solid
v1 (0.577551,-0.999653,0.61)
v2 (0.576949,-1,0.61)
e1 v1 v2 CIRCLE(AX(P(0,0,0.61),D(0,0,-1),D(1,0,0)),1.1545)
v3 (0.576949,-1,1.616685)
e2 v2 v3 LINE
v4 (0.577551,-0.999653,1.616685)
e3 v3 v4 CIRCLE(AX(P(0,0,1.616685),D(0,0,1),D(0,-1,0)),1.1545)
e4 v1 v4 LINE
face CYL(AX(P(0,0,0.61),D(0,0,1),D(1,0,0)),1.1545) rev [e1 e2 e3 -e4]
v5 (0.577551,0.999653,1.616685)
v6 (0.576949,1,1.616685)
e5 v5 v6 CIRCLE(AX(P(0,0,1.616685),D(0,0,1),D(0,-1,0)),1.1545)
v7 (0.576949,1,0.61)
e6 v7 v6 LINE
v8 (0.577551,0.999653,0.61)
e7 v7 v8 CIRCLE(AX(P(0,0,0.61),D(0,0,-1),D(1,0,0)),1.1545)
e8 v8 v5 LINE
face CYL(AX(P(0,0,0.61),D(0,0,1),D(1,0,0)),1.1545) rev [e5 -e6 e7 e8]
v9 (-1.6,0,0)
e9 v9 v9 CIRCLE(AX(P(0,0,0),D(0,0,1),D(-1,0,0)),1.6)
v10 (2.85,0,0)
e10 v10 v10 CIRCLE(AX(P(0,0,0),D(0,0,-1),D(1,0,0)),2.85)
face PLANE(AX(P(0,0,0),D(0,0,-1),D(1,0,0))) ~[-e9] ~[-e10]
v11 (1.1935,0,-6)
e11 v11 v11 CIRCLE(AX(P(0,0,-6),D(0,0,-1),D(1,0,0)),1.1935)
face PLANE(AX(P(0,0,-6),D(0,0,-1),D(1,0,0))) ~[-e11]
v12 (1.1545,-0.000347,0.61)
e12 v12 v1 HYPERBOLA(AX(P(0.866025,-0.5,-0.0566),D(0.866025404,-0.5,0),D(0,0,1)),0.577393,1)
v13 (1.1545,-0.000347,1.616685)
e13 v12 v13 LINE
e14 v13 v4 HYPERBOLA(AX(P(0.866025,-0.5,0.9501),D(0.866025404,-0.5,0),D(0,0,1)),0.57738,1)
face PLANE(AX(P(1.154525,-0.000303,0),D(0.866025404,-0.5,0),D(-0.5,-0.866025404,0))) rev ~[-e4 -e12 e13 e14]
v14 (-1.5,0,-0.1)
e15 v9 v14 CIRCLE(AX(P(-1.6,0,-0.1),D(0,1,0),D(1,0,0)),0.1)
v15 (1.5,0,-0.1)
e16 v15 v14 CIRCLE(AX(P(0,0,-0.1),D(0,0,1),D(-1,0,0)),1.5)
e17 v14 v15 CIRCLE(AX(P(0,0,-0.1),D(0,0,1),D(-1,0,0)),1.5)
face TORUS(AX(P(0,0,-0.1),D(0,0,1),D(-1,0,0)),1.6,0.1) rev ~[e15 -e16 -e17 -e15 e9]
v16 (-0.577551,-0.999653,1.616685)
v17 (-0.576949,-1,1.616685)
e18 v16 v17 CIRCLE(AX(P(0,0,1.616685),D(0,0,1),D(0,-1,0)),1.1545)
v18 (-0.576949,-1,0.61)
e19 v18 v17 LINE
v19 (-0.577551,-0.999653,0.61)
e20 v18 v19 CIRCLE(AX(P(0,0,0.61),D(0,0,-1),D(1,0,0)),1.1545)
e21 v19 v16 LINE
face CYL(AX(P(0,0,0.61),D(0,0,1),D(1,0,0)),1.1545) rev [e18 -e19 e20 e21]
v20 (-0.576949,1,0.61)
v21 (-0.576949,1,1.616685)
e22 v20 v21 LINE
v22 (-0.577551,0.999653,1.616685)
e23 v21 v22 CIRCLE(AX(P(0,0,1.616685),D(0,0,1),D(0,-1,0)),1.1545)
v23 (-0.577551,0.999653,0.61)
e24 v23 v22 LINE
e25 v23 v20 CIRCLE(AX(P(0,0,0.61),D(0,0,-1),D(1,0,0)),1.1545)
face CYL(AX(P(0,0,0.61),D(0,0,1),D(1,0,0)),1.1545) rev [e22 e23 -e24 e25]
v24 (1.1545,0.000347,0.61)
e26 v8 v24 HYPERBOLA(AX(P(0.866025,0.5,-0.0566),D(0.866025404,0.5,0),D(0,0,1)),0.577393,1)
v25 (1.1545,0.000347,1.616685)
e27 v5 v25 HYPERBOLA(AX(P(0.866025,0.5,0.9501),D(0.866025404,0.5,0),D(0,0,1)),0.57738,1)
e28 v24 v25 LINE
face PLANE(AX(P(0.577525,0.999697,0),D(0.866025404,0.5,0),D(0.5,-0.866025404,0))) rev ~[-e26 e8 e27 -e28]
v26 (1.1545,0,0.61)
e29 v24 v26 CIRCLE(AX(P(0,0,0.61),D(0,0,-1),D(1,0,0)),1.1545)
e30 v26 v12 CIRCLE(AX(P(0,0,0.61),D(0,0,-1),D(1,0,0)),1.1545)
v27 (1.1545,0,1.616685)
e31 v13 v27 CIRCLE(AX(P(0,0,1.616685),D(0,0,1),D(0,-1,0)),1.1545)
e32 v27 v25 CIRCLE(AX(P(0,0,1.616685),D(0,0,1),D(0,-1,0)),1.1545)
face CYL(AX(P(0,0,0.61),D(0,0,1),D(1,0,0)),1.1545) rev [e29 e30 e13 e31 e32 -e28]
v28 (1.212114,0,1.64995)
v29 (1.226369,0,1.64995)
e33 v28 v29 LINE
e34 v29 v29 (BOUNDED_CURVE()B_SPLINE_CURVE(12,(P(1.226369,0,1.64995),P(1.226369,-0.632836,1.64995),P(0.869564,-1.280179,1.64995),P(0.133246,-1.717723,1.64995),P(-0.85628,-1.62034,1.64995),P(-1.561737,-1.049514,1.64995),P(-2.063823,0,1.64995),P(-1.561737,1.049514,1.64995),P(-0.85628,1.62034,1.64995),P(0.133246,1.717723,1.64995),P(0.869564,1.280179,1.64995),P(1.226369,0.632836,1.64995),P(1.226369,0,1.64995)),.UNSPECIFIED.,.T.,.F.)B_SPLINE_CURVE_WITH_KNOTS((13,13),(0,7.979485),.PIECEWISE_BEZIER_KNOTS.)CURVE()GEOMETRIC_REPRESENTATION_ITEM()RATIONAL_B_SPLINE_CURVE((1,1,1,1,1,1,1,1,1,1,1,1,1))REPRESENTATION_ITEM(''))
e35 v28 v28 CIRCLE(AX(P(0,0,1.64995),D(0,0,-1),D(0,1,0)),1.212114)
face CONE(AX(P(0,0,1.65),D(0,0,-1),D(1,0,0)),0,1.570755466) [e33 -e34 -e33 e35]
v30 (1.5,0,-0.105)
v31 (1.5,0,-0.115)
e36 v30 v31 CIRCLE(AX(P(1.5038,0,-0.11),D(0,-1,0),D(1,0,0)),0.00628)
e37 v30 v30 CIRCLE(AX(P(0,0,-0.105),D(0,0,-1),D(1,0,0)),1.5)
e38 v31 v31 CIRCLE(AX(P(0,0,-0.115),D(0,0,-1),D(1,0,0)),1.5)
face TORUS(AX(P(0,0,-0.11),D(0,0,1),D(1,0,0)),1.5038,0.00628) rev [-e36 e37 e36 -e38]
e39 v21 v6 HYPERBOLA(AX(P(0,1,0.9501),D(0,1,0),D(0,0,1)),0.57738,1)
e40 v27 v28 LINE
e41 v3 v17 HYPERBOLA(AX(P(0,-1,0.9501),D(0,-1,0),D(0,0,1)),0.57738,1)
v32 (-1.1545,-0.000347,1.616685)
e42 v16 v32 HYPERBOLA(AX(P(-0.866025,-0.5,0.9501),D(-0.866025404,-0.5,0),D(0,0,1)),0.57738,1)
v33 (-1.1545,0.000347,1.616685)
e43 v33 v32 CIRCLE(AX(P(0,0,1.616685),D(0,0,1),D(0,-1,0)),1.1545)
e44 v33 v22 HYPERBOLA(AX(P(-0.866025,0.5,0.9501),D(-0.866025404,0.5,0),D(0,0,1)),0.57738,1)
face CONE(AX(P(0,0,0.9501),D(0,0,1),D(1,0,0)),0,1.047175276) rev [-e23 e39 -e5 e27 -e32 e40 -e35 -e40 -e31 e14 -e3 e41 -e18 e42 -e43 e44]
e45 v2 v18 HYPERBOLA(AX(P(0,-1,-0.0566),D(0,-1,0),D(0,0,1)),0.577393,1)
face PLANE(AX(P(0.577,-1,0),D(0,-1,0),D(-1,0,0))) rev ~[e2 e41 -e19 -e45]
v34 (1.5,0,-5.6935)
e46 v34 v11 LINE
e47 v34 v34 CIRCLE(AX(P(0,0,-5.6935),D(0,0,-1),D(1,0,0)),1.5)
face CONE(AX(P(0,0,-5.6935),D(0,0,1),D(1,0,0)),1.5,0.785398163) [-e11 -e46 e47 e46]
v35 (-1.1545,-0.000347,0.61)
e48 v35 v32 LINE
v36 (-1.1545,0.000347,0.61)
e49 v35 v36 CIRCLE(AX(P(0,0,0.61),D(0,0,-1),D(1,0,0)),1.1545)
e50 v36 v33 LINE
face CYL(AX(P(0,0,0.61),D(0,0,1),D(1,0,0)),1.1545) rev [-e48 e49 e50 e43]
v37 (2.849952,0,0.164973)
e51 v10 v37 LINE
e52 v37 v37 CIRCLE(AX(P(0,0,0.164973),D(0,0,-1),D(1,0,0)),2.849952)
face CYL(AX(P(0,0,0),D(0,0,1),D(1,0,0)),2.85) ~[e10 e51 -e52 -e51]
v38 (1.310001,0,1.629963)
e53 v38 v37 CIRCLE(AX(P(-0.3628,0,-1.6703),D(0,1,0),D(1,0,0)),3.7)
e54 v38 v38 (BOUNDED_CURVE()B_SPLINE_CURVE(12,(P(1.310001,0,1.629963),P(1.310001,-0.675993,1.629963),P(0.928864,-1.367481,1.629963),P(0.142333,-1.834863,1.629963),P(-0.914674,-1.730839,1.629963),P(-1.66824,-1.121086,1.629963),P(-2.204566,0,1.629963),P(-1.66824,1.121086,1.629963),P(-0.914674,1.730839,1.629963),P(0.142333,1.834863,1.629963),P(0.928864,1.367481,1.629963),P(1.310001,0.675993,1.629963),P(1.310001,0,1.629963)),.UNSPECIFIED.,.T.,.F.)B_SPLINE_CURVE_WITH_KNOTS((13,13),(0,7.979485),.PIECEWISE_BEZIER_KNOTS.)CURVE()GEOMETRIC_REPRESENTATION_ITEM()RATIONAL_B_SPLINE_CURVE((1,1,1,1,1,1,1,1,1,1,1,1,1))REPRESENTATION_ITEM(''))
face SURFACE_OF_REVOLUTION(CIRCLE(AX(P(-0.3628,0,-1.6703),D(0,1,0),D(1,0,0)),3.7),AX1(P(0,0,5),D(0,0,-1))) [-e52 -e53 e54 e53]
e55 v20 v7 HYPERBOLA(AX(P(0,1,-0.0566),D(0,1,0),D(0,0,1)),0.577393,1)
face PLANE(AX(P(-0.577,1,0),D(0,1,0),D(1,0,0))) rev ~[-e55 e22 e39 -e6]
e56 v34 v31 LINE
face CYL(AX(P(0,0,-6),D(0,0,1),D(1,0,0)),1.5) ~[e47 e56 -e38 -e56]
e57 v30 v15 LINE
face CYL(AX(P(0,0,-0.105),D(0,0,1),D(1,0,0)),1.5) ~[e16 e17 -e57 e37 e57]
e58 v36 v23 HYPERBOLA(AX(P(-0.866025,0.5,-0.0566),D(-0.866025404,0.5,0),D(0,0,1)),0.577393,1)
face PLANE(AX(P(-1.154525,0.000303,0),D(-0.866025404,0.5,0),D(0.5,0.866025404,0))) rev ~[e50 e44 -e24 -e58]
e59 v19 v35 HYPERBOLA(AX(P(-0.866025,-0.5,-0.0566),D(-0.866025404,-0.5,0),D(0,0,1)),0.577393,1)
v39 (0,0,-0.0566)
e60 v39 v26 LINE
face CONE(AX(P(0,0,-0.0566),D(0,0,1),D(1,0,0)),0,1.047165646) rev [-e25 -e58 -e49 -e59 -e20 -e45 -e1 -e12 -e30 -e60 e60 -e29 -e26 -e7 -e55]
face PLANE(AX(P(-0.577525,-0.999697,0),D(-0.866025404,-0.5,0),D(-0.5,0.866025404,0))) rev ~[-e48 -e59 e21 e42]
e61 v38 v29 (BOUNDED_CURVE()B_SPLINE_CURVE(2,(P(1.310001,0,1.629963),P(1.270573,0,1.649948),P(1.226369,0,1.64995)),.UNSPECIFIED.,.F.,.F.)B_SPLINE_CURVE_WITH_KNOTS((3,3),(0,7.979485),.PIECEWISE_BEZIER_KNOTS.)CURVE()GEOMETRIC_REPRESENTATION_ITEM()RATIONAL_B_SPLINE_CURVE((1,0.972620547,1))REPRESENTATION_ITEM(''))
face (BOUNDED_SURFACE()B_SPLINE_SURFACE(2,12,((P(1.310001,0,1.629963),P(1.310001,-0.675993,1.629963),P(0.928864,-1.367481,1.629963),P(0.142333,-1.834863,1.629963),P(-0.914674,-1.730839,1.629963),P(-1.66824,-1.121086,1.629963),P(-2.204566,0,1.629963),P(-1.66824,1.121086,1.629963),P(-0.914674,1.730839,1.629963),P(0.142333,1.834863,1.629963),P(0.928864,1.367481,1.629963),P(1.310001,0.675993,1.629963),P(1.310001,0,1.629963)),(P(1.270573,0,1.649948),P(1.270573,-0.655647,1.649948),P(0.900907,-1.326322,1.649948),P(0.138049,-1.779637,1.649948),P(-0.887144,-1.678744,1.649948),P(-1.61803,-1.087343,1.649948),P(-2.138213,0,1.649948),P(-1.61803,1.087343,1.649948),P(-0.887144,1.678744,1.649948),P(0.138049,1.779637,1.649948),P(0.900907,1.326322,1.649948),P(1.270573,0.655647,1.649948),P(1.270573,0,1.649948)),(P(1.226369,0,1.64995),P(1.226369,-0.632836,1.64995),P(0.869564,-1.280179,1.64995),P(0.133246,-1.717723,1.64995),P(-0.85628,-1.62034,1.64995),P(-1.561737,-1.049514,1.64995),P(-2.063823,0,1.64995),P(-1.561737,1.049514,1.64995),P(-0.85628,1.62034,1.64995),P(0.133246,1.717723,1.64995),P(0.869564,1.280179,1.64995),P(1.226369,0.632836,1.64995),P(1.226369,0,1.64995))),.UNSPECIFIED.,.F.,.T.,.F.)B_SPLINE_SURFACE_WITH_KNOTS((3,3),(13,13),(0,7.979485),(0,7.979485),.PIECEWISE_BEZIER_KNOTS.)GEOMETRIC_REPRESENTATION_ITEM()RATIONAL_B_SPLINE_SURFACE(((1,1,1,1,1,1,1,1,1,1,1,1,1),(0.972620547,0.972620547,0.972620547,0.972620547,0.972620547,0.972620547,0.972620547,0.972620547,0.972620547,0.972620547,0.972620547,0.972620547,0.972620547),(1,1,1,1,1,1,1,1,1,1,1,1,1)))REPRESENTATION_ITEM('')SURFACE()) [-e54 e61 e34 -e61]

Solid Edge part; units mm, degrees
sketch "Sketch1" plane through (0, 0, 0) normal (0, -1, 0) x (1, 0, 0)
  line L0 (0, -6) -> (1.5, -6)
  line L1 (1.5, -6) -> (1.5, -0.115)
  arc A0 (1.5, -0.105) -> (1.5, -0.115) centre (1.5038, -0.11) ccw
  line L2 (1.5, -0.105) -> (1.5, 0)
  line L3 (1.5, 0) -> (2.85, 0)
  line L4 (2.85, 0) -> (2.85, 0.165)
  arc A1 (1.27, 1.65) -> (2.85, 0.165) centre (-0.3628, -1.6703) cw
  line L5 (0, 1.65) -> (1.27, 1.65)
  dimension "D1" = 5.885
  dimension "D2" = 1.5
  dimension "D3" = 1.27
  dimension "D4" = 2.85
  dimension "D5" = 0.165
  dimension "D6" = 1.65
  dimension "D7" = 3.7
  dimension "D8" = 6
  dimension "D9" = 0.01
  dimension "D10" = 0.0025
revolve "RevolvedProtrusion1" add sketch "Sketch1" angle 360 about axis through (0, 0, 5) along (0, 0, -1)
sketch "Sketch2" plane through (0, 0, 0) normal (0, -1, 0) x (1, 0, 0)
  line L0 (0, -0.0566) -> (1.1545, 0.61)
  line L1 (1.1545, 0.61) -> (1.1545, 1.65)
  line L2 (1.1545, 1.65) -> (0, 1.65)
  dimension "D1" = 1.1545
  dimension "D2" = 1.04
revolve "RevolvedCutout1" cut sketch "Sketch2" angle 360 about axis through (0, 0, 5.3) along (0, 0, -1)
sketch "Sketch3" plane through (0, 0, 0) normal (0, 0, -1) x (0, 1, 0)
  arc A0 (-1, 0.577) -> (-1, -0.577) centre (0, 0) ccw
  line L0 (-1, 0.577) -> (-1, -0.577)
  dimension "D1" = 1
extrude "Protrusion1" add sketch "Sketch3" against normal blind 1.65
pattern_circular "Pattern1" count 6 over 360 about axis through (0, 0, 0) along (0, 0, -1) of "Protrusion1"
fillet "Round_1" radius 0.185 1 edges at (-1.27, 0, 1.65)
sketch "Sketch4" plane through (0, 0, 0) normal (0, -1, 0) x (1, 0, 0)
  line L0 (0, 0.9501) -> (1.2122, 1.65)
  line L1 (1.2122, 1.65) -> (0, 1.65)
  dimension "D1" = 1.2122
revolve "RevolvedCutout2" cut sketch "Sketch4" angle 360 about axis through (0, 0, 5.3) along (0, 0, -1)
sketch "Sketch5" plane through (0, 0, 0) normal (0, -1, 0) x (1, 0, 0)
  line L0 (-1.5, 0) -> (-1.5, -0.1)
  line L1 (-1.6, 0) -> (-1.5, 0)
  arc A0 (-1.6, 0) -> (-1.5, -0.1) centre (-1.6, -0.1) cw
  dimension "D1" = 1.5
  dimension "D2" = 0.1
revolve "RevolvedProtrusion2" add sketch "Sketch5" angle 360 about axis through (0, 0, -0.5) along (0, 0, 1)
cosmetic_thread "Thread1" size "M3"
chamfer "Chamfer1" distance 0.3065 angle 45 1 edges at (-1.5, 0, -6)
properties material "Stahl"
